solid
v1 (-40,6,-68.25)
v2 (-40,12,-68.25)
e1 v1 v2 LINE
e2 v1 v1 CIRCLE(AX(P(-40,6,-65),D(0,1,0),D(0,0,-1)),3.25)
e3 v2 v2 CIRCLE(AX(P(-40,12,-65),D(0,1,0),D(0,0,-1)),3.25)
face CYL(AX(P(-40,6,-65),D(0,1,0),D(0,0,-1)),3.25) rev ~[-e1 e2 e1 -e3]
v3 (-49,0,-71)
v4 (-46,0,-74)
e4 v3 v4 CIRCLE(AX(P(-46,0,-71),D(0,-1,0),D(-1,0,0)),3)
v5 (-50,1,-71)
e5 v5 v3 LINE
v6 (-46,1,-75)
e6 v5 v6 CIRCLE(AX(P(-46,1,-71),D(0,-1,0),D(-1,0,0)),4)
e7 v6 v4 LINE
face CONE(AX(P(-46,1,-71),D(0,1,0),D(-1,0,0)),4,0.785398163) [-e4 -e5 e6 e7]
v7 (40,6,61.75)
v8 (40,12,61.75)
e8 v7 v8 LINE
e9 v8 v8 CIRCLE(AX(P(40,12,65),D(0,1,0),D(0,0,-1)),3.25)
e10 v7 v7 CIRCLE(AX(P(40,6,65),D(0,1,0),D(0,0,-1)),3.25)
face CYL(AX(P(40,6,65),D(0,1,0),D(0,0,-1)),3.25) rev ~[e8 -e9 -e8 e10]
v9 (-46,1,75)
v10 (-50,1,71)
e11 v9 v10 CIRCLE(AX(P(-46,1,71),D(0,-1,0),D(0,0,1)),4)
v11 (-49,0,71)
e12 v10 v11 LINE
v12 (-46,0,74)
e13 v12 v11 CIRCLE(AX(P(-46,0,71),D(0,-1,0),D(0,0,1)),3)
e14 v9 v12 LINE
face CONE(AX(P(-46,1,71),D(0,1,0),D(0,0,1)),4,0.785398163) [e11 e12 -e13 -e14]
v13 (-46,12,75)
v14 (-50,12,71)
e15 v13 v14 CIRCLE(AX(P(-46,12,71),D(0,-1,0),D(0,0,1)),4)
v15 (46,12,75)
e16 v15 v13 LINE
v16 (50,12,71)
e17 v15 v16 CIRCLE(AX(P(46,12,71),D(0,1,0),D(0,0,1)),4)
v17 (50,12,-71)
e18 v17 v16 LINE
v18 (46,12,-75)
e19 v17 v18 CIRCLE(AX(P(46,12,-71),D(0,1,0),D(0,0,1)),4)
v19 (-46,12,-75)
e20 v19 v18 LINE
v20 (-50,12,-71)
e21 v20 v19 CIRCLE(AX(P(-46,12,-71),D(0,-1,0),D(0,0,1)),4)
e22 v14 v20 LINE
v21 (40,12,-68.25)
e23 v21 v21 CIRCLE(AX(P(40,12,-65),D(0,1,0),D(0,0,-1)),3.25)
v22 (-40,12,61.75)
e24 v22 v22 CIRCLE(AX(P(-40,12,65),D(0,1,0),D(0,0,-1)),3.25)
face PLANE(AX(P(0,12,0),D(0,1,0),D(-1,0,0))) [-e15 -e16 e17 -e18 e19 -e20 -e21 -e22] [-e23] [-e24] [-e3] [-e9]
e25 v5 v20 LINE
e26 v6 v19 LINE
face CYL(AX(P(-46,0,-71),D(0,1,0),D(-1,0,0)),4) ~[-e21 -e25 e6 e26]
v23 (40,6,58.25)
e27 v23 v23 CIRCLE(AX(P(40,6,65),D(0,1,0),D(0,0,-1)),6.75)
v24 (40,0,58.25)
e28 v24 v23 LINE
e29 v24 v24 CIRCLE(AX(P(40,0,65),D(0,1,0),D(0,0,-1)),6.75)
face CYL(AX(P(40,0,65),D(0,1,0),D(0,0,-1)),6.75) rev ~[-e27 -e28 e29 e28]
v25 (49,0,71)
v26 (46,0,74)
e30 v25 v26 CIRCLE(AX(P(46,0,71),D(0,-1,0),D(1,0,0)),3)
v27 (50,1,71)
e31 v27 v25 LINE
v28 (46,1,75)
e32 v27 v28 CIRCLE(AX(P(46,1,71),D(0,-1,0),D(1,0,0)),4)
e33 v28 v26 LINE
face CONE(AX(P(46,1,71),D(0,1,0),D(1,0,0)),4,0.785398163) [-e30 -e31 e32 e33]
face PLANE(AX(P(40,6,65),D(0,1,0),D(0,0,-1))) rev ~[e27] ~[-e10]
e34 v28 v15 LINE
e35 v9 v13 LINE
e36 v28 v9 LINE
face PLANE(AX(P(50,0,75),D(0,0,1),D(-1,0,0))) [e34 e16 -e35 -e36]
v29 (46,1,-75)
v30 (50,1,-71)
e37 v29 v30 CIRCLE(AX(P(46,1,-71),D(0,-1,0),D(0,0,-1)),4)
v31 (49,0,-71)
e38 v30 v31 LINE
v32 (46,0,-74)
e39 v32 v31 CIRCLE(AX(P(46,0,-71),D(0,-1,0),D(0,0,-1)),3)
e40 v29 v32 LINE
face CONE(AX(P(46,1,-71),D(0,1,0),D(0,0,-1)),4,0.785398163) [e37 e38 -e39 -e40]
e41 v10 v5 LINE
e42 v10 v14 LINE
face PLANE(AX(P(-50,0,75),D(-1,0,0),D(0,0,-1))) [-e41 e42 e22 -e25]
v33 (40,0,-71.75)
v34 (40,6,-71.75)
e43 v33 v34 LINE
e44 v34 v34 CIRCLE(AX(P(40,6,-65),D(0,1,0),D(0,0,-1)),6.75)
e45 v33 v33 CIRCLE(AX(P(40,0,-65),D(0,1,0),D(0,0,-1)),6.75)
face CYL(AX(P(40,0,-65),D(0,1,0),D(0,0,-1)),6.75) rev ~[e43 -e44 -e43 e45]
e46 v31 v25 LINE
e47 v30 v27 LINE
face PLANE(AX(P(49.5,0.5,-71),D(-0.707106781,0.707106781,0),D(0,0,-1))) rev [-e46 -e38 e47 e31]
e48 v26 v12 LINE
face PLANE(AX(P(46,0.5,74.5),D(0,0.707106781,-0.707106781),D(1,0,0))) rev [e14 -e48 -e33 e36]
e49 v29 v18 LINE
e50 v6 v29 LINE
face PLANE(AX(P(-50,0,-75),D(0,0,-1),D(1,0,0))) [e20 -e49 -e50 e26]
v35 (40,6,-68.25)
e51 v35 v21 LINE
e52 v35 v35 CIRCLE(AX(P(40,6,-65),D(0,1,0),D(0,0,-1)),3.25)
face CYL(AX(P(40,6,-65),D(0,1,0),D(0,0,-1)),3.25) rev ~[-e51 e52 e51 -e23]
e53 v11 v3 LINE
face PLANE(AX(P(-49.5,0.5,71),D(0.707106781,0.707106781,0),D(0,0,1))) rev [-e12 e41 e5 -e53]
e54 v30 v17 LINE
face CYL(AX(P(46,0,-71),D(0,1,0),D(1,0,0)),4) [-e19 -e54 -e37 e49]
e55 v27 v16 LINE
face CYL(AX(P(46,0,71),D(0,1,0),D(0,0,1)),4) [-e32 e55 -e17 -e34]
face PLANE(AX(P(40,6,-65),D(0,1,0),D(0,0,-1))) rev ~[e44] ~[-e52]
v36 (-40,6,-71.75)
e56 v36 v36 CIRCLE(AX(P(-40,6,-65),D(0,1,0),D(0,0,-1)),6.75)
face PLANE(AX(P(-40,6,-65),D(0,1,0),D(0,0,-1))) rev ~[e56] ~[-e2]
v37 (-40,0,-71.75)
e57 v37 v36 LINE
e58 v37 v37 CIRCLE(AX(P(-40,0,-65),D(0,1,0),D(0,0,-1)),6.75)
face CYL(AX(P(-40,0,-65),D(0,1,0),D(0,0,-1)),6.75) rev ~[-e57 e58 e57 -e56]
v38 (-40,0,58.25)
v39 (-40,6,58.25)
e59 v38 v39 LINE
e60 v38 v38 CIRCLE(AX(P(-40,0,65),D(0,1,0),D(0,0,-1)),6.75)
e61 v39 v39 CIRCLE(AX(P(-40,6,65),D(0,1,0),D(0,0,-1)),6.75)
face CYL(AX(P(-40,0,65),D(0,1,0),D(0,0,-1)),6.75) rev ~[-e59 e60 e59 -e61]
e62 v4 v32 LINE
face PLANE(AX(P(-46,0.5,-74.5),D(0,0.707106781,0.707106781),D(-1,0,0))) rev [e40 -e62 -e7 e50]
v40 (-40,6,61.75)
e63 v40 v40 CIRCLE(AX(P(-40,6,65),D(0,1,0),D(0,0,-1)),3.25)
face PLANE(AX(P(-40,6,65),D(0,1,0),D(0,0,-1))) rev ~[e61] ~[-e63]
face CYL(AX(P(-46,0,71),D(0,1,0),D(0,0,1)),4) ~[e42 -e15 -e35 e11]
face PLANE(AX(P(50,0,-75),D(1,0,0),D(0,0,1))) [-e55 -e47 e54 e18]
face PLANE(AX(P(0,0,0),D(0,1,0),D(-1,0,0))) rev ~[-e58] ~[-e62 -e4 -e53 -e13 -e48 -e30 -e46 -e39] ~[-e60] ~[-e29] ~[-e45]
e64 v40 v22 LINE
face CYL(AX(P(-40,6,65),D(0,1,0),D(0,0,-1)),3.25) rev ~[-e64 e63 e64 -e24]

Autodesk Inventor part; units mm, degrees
ref_plane "YZ Plane" through (0, 0, 0) normal (1, 0, 0) x (0, 1, 0)
ref_plane "XZ Plane" through (0, 0, 0) normal (0, 1, 0) x (-1, 0, 0)
ref_plane "XY Plane" through (0, 0, 0) normal (0, 0, 1) x (1, 0, 0)
sketch "Sketch1" plane through (0, 0, 0) normal (0, 1, 0) x (-1, 0, 0)
  line L0 (-50, 75) -> (50, 75)
  line L1 (50, 75) -> (50, -75)
  line L2 (50, -75) -> (-50, -75)
  line L3 (-50, -75) -> (-50, 75)
  line L4 (-50, 75) -> (50, -75) construction
  line L5 (50, 75) -> (-50, -75) construction
  point P0 (0, 0)
  dimension "d0" = 150
  dimension "d1" = 100
extrude "Extrusion1" add sketch "Sketch1" along normal blind 12
sketch "Sketch3" plane through (0, 0, 0) normal (0, -1, 0) x (1, 0, 0)
  circle A0 centre (40, 65) radius 7
  circle A1 centre (40, 65) radius 3.25
  line L0 (50, 75) -> (50, -75) projected
  line L1 (-50, 75) -> (50, 75) projected
  circle A2 centre (40, -65) radius 3.25
  circle A3 centre (40, -65) radius 7
  circle A4 centre (-40, 65) radius 3.25
  circle A5 centre (-40, 65) radius 7
  circle A6 centre (-40, -65) radius 3.25
  circle A7 centre (-40, -65) radius 7
  point P0 (0, 0)
  dimension "d4" = 14
  dimension "d5" = 6.5
  dimension "d6" = 10
  dimension "d7" = 10
  dimension "d10" = 130
  dimension "d13" = 80
hole "Hole1" at (40, 0, 65) at (40, 0, -65) at (-40, 0, 65) at (-40, 0, -65) direction (0, 1, 0) diameter 6.5 end through all counterbore diameter 13.5 counterbore depth 6
fillet "Fillet1" radius 4 4 edges at (50, 6, 75) (50, 6, -75) (-50, 6, -75) (-50, 6, 75)
chamfer "Chamfer3" distance 1 angle 45 8 edges at (0, 0, 75) (48.8284, 0, 73.8284) (50, 0, 0) (48.8284, 0, -73.8284) (0, 0, -75) (-48.8284, 0, -73.8284) (-50, 0, 0) (-48.8284, 0, 73.8284)
properties part number "PCB_Cover"
